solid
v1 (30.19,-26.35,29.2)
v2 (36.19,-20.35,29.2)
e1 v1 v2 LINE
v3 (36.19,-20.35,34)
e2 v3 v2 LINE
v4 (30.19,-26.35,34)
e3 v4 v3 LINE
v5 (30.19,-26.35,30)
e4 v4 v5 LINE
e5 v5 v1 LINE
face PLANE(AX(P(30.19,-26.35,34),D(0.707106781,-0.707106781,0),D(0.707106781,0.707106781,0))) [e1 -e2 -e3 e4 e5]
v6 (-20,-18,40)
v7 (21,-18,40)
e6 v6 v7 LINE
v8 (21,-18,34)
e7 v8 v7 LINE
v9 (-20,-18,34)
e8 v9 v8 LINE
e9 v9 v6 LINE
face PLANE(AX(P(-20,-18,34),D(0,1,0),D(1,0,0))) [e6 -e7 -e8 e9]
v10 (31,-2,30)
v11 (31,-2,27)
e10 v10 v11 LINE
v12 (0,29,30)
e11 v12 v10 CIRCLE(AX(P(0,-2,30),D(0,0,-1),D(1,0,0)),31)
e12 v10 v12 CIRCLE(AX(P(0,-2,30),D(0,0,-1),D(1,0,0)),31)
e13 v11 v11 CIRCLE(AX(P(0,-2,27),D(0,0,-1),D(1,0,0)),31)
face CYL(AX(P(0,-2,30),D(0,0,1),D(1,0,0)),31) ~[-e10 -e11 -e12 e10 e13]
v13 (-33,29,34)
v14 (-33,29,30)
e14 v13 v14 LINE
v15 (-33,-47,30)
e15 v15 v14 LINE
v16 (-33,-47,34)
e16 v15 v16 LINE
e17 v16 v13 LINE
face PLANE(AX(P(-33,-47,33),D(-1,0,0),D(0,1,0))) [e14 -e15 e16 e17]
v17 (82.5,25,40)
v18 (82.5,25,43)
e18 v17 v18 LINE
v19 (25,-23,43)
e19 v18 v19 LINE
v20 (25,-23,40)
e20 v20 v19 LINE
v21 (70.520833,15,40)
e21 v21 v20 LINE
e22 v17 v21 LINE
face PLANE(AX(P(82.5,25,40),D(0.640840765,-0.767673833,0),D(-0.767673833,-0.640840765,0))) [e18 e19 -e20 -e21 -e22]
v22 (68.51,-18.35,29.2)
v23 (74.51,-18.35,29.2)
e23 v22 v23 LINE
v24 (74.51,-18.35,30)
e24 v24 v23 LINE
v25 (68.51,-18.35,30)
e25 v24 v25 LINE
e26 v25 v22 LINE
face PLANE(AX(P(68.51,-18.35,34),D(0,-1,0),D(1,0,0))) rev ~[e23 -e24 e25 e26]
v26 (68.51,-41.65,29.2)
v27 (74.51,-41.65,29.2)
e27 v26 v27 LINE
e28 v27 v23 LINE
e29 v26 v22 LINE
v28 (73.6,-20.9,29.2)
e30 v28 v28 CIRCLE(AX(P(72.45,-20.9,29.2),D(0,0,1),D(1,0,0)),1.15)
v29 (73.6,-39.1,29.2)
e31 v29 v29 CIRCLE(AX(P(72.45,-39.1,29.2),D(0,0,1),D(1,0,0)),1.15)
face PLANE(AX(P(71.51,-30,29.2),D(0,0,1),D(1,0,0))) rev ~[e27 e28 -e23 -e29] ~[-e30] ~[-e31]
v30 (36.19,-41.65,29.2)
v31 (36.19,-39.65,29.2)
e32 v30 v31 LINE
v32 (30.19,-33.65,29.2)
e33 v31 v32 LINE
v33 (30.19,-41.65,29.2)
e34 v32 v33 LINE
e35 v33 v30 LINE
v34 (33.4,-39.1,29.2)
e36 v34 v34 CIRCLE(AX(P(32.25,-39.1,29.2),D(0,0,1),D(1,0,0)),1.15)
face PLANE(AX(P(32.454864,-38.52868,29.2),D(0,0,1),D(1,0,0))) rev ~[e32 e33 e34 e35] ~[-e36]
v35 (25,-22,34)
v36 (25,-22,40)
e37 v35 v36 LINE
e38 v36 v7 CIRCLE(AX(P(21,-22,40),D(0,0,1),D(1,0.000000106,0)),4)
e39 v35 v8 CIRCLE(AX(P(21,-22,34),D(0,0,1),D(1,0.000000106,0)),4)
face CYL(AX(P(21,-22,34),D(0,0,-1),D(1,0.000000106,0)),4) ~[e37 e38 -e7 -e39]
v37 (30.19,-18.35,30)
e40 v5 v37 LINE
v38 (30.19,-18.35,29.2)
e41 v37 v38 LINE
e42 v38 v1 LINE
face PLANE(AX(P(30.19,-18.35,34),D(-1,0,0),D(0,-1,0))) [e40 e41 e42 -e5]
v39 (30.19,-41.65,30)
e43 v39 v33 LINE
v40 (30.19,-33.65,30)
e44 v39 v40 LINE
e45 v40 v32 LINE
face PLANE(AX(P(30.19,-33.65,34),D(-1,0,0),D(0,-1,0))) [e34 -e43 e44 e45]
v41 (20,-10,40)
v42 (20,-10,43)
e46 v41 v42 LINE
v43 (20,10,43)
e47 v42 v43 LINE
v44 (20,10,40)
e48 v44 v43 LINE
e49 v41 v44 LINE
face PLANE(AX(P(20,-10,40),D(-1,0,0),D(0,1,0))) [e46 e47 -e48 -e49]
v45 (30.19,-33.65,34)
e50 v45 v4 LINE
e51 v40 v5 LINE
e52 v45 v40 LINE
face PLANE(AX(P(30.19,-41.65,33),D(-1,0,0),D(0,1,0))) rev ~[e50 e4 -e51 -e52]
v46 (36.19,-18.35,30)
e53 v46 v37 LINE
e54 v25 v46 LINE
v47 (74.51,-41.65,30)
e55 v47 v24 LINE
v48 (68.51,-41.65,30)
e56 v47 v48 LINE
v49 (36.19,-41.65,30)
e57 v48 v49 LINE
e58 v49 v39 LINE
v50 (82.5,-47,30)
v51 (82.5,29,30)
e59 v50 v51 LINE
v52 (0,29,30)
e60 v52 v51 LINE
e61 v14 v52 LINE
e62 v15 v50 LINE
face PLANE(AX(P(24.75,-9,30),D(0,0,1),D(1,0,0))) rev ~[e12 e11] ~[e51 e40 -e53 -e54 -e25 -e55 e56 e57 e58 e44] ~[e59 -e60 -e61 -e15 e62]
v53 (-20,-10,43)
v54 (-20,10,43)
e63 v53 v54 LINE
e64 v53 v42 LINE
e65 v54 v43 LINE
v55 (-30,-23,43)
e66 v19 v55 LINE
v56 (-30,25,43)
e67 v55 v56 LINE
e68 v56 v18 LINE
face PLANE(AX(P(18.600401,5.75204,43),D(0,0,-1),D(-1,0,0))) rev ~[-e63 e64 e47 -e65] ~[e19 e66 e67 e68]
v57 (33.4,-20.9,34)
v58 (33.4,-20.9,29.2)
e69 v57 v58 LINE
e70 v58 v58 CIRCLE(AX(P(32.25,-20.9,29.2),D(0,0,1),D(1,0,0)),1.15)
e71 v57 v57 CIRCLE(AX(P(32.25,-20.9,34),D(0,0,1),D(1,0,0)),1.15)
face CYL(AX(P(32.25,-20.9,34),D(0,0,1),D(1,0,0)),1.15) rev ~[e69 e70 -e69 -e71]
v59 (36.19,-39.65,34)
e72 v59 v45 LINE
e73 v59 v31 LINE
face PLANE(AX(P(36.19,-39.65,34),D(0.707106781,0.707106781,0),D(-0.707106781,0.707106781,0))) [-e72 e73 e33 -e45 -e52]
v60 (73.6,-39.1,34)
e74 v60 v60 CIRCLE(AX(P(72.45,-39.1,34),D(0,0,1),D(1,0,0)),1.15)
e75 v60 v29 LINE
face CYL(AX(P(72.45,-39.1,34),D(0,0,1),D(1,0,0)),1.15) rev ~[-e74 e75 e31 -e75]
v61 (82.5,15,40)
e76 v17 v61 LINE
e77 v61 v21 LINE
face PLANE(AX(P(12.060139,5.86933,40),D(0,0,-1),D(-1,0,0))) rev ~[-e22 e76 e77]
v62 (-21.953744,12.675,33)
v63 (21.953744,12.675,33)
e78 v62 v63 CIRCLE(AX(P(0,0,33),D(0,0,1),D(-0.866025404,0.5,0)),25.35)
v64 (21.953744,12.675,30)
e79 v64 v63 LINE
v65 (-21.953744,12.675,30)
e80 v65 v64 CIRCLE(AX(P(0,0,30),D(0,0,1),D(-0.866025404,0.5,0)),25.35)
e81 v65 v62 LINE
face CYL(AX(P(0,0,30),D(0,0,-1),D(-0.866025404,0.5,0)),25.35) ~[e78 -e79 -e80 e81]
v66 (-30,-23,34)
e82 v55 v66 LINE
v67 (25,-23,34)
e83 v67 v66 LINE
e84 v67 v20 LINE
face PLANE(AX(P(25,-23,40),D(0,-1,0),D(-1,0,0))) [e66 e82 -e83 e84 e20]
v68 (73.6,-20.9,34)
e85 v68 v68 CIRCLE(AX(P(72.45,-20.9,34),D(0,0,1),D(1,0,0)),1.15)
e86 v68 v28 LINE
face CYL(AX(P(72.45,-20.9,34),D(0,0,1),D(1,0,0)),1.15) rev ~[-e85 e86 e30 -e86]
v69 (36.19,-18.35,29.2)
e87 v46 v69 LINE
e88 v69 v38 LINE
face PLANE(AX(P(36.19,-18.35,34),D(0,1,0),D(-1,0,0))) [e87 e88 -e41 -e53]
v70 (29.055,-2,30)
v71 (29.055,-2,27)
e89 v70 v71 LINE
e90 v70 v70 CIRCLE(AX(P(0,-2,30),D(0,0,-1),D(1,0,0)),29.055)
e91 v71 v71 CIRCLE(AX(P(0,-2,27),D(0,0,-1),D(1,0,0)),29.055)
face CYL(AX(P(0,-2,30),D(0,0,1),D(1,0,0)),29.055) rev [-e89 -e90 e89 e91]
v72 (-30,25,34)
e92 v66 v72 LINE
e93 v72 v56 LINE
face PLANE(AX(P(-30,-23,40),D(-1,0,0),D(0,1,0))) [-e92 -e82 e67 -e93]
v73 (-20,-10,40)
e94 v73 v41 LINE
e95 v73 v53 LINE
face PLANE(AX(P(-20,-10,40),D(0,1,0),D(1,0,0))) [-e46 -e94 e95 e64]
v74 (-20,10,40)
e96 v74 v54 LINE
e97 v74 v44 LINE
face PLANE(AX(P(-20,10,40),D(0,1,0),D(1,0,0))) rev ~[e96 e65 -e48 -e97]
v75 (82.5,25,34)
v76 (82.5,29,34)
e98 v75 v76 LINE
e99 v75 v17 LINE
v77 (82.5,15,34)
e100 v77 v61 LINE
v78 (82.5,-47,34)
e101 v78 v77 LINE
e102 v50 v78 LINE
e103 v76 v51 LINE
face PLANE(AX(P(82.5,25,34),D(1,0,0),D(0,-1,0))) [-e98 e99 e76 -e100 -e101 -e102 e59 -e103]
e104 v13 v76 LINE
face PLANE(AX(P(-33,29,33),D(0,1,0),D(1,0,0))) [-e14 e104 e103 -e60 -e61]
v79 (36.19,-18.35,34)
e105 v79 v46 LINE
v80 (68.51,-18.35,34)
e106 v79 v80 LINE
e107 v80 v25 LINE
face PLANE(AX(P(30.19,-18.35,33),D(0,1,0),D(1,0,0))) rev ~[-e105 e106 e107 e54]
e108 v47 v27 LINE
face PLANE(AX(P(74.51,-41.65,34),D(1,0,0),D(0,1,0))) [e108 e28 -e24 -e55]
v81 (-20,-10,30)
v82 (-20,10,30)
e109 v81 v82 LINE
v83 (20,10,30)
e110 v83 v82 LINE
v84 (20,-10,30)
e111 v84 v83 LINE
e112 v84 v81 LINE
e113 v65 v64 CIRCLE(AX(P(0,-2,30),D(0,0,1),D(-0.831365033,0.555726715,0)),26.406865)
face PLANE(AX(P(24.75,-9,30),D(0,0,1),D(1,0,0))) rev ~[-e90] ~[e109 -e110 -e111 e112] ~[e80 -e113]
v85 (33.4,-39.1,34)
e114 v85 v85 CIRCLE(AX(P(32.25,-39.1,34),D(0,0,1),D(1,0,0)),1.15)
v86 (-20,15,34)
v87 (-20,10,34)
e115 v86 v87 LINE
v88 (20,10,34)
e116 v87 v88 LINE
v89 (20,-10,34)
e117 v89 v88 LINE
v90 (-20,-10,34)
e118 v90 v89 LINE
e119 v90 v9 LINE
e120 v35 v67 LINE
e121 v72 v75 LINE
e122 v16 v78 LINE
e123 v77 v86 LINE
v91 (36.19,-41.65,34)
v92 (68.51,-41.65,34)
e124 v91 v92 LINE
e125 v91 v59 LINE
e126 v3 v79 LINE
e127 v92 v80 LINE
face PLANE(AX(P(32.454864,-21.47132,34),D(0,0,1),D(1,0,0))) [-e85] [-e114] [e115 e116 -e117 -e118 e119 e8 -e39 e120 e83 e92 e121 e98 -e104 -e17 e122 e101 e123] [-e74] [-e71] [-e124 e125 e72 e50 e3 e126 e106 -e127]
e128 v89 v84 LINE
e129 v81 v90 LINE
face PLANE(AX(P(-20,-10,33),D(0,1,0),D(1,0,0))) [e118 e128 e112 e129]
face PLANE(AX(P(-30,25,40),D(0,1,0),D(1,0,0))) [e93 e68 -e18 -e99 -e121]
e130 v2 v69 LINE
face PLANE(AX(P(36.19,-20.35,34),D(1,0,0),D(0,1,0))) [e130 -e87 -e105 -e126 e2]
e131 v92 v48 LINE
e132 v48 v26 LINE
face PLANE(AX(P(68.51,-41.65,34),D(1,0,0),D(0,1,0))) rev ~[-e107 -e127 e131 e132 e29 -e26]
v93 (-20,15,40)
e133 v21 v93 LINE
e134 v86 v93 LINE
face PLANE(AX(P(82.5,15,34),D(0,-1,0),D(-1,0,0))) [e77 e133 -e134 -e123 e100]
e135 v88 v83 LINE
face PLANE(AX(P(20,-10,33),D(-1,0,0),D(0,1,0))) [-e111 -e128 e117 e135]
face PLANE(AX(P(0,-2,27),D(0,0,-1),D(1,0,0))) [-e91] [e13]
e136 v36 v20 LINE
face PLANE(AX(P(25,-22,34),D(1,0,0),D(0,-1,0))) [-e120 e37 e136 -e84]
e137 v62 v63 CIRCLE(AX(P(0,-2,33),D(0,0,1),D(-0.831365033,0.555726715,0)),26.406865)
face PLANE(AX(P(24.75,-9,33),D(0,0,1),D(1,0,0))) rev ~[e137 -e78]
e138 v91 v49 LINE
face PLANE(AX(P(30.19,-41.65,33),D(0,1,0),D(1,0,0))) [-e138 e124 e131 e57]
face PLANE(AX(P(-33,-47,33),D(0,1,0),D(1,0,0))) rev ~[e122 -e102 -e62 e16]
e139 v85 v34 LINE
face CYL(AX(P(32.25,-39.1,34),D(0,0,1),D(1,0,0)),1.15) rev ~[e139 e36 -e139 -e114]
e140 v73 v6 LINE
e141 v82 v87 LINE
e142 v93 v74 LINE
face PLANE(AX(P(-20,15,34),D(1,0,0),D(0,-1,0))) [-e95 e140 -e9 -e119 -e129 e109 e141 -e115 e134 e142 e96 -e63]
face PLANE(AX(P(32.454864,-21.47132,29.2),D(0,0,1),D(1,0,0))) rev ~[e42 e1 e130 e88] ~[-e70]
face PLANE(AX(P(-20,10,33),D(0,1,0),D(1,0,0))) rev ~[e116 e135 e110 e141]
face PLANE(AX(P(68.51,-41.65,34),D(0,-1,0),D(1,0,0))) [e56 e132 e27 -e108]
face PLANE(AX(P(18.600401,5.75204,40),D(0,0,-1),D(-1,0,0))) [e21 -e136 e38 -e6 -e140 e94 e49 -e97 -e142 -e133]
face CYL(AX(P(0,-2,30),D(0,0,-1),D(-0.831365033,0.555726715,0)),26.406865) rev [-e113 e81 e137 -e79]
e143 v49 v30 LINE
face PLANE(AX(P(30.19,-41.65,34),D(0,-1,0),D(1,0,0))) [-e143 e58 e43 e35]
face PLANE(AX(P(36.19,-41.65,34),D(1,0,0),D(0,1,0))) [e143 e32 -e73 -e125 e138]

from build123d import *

# Parameters (mm, degrees)
SKETCH005_W     = 115.5
SKETCH005_H     = 76
PAD005_DEPTH    = 3
SKETCH006_W     = 115.5
SKETCH006_H     = 76
SKETCH006_W_2   = 40
SKETCH006_H_2   = 20
SKETCH006_W_3   = 44.32
SKETCH006_H_3   = 23.3
PAD006_DEPTH    = 1
PAD006_FACE22_W = 23.3
PAD006_FACE22_H = 44.32
POCKET_DEPTH    = 3.001
POCKET_FACE26_W = 20
POCKET_FACE26_H = 40
POCKET010_DEPTH = 3.001
SKETCH007_R     = 31
SKETCH007_R_2   = 29.055
PAD007_DEPTH    = 3
SKETCH035_R     = 1.15
SKETCH035_W     = 6
SKETCH035_H     = 23.3
PAD031_DEPTH    = 4.8
PAD013_DEPTH    = 6
SKETCH014_W     = 40
SKETCH014_H     = 20
PAD014_DEPTH    = 3


with BuildPart() as part:
    # Sketch005 → Pad005 (new body)
    with BuildSketch(Plane.XY):
        with Locations((24.75, -9)):
            Rectangle(SKETCH005_W, SKETCH005_H)
        with BuildLine():
            ThreePointArc((-21.953744, 12.675), (0, -25.35), (21.953744, 12.675))
            ThreePointArc((-21.953744, 12.675), (0, -28.406865), (21.953744, 12.675))
        make_face(mode=Mode.SUBTRACT)
    extrude(amount=PAD005_DEPTH)

    # Sketch006 (on Face8 of Pad005) → Pad006 (join)
    with BuildSketch(Plane.XY.offset(3)):
        with Locations((24.75, -9)):
            Rectangle(SKETCH006_W, SKETCH006_H)
        Rectangle(SKETCH006_W_2, SKETCH006_H_2, mode=Mode.SUBTRACT)
        with Locations((52.35, -30)):
            Rectangle(SKETCH006_W_3, SKETCH006_H_3, mode=Mode.SUBTRACT)
    extrude(amount=PAD006_DEPTH)

    # Pad006 Face22 → Pocket (cut, through all)
    with BuildSketch(Plane(origin=(52.35, -30, 3), x_dir=(0, 1, 0), z_dir=(0, 0, 1))):
        Rectangle(PAD006_FACE22_W, PAD006_FACE22_H)
    extrude(amount=-POCKET_DEPTH, mode=Mode.SUBTRACT)

    # Pocket Face26 → Pocket010 (cut, through all)
    with BuildSketch(Plane(origin=(0, 0, 3), x_dir=(0, 1, 0), z_dir=(0, 0, 1))):
        Rectangle(POCKET_FACE26_W, POCKET_FACE26_H)
    extrude(amount=-POCKET010_DEPTH, mode=Mode.SUBTRACT)

    # Sketch007 (on Face4 of Pocket) → Pad007 (join)
    with BuildSketch(Plane(origin=(0, 0, 0), x_dir=(1, 0, 0), z_dir=(0, 0, -1))):
        with Locations((0, 2)):
            Circle(SKETCH007_R)
        with Locations((0, 2)):
            Circle(SKETCH007_R_2, mode=Mode.SUBTRACT)
    extrude(amount=PAD007_DEPTH)

    # Sketch035 (on Face14 of Pad007) → Pad031 (join)
    with BuildSketch(Plane.XY.offset(4)):
        Polygon((30.19, -18.35), (30.19, -26.35), (36.19, -20.35), (36.19, -18.35), align=None)
        with Locations((32.25, -20.9)):
            Circle(SKETCH035_R, mode=Mode.SUBTRACT)
        Polygon((30.19, -41.65), (36.19, -41.65), (36.19, -39.65), (30.19, -33.65), align=None)
        with Locations((32.25, -39.1)):
            Circle(SKETCH035_R, mode=Mode.SUBTRACT)
        with Locations((71.51, -30)):
            Rectangle(SKETCH035_W, SKETCH035_H)
        with Locations((72.45, -20.9)):
            Circle(SKETCH035_R, mode=Mode.SUBTRACT)
        with Locations((72.45, -39.1)):
            Circle(SKETCH035_R, mode=Mode.SUBTRACT)
    extrude(amount=-PAD031_DEPTH)

    # Sketch013 (on Face14 of Pad007) → Pad013 (join)
    with BuildSketch(Plane.XY.offset(4)):
        with BuildLine():
            Line((82.5, 25), (82.5, 15))
            Line((82.5, 15), (-20, 15))
            Line((-20, 15), (-20, -18))
            Line((-20, -18), (21, -18))
            ThreePointArc((25, -22), (23.828427, -19.171573), (21, -18))
            Line((25, -22), (25, -23))
            Line((25, -23), (-30, -23))
            Line((-30, -23), (-30, 25))
            Line((-30, 25), (82.5, 25))
        make_face()
    extrude(amount=PAD013_DEPTH)

    # Sketch014 (on Face49 of Pad013) → Pad014 (join)
    with BuildSketch(Plane.XY.offset(10)):
        Polygon((82.5, 25), (25, -23), (-30, -23), (-30, 25), align=None)
        Rectangle(SKETCH014_W, SKETCH014_H, mode=Mode.SUBTRACT)
    extrude(amount=PAD014_DEPTH)


with BuildPart() as part_1:
    # Body002 placement: moved
    add(part.part.moved(Location((0, 0, 30))))


solid = part_1.part
